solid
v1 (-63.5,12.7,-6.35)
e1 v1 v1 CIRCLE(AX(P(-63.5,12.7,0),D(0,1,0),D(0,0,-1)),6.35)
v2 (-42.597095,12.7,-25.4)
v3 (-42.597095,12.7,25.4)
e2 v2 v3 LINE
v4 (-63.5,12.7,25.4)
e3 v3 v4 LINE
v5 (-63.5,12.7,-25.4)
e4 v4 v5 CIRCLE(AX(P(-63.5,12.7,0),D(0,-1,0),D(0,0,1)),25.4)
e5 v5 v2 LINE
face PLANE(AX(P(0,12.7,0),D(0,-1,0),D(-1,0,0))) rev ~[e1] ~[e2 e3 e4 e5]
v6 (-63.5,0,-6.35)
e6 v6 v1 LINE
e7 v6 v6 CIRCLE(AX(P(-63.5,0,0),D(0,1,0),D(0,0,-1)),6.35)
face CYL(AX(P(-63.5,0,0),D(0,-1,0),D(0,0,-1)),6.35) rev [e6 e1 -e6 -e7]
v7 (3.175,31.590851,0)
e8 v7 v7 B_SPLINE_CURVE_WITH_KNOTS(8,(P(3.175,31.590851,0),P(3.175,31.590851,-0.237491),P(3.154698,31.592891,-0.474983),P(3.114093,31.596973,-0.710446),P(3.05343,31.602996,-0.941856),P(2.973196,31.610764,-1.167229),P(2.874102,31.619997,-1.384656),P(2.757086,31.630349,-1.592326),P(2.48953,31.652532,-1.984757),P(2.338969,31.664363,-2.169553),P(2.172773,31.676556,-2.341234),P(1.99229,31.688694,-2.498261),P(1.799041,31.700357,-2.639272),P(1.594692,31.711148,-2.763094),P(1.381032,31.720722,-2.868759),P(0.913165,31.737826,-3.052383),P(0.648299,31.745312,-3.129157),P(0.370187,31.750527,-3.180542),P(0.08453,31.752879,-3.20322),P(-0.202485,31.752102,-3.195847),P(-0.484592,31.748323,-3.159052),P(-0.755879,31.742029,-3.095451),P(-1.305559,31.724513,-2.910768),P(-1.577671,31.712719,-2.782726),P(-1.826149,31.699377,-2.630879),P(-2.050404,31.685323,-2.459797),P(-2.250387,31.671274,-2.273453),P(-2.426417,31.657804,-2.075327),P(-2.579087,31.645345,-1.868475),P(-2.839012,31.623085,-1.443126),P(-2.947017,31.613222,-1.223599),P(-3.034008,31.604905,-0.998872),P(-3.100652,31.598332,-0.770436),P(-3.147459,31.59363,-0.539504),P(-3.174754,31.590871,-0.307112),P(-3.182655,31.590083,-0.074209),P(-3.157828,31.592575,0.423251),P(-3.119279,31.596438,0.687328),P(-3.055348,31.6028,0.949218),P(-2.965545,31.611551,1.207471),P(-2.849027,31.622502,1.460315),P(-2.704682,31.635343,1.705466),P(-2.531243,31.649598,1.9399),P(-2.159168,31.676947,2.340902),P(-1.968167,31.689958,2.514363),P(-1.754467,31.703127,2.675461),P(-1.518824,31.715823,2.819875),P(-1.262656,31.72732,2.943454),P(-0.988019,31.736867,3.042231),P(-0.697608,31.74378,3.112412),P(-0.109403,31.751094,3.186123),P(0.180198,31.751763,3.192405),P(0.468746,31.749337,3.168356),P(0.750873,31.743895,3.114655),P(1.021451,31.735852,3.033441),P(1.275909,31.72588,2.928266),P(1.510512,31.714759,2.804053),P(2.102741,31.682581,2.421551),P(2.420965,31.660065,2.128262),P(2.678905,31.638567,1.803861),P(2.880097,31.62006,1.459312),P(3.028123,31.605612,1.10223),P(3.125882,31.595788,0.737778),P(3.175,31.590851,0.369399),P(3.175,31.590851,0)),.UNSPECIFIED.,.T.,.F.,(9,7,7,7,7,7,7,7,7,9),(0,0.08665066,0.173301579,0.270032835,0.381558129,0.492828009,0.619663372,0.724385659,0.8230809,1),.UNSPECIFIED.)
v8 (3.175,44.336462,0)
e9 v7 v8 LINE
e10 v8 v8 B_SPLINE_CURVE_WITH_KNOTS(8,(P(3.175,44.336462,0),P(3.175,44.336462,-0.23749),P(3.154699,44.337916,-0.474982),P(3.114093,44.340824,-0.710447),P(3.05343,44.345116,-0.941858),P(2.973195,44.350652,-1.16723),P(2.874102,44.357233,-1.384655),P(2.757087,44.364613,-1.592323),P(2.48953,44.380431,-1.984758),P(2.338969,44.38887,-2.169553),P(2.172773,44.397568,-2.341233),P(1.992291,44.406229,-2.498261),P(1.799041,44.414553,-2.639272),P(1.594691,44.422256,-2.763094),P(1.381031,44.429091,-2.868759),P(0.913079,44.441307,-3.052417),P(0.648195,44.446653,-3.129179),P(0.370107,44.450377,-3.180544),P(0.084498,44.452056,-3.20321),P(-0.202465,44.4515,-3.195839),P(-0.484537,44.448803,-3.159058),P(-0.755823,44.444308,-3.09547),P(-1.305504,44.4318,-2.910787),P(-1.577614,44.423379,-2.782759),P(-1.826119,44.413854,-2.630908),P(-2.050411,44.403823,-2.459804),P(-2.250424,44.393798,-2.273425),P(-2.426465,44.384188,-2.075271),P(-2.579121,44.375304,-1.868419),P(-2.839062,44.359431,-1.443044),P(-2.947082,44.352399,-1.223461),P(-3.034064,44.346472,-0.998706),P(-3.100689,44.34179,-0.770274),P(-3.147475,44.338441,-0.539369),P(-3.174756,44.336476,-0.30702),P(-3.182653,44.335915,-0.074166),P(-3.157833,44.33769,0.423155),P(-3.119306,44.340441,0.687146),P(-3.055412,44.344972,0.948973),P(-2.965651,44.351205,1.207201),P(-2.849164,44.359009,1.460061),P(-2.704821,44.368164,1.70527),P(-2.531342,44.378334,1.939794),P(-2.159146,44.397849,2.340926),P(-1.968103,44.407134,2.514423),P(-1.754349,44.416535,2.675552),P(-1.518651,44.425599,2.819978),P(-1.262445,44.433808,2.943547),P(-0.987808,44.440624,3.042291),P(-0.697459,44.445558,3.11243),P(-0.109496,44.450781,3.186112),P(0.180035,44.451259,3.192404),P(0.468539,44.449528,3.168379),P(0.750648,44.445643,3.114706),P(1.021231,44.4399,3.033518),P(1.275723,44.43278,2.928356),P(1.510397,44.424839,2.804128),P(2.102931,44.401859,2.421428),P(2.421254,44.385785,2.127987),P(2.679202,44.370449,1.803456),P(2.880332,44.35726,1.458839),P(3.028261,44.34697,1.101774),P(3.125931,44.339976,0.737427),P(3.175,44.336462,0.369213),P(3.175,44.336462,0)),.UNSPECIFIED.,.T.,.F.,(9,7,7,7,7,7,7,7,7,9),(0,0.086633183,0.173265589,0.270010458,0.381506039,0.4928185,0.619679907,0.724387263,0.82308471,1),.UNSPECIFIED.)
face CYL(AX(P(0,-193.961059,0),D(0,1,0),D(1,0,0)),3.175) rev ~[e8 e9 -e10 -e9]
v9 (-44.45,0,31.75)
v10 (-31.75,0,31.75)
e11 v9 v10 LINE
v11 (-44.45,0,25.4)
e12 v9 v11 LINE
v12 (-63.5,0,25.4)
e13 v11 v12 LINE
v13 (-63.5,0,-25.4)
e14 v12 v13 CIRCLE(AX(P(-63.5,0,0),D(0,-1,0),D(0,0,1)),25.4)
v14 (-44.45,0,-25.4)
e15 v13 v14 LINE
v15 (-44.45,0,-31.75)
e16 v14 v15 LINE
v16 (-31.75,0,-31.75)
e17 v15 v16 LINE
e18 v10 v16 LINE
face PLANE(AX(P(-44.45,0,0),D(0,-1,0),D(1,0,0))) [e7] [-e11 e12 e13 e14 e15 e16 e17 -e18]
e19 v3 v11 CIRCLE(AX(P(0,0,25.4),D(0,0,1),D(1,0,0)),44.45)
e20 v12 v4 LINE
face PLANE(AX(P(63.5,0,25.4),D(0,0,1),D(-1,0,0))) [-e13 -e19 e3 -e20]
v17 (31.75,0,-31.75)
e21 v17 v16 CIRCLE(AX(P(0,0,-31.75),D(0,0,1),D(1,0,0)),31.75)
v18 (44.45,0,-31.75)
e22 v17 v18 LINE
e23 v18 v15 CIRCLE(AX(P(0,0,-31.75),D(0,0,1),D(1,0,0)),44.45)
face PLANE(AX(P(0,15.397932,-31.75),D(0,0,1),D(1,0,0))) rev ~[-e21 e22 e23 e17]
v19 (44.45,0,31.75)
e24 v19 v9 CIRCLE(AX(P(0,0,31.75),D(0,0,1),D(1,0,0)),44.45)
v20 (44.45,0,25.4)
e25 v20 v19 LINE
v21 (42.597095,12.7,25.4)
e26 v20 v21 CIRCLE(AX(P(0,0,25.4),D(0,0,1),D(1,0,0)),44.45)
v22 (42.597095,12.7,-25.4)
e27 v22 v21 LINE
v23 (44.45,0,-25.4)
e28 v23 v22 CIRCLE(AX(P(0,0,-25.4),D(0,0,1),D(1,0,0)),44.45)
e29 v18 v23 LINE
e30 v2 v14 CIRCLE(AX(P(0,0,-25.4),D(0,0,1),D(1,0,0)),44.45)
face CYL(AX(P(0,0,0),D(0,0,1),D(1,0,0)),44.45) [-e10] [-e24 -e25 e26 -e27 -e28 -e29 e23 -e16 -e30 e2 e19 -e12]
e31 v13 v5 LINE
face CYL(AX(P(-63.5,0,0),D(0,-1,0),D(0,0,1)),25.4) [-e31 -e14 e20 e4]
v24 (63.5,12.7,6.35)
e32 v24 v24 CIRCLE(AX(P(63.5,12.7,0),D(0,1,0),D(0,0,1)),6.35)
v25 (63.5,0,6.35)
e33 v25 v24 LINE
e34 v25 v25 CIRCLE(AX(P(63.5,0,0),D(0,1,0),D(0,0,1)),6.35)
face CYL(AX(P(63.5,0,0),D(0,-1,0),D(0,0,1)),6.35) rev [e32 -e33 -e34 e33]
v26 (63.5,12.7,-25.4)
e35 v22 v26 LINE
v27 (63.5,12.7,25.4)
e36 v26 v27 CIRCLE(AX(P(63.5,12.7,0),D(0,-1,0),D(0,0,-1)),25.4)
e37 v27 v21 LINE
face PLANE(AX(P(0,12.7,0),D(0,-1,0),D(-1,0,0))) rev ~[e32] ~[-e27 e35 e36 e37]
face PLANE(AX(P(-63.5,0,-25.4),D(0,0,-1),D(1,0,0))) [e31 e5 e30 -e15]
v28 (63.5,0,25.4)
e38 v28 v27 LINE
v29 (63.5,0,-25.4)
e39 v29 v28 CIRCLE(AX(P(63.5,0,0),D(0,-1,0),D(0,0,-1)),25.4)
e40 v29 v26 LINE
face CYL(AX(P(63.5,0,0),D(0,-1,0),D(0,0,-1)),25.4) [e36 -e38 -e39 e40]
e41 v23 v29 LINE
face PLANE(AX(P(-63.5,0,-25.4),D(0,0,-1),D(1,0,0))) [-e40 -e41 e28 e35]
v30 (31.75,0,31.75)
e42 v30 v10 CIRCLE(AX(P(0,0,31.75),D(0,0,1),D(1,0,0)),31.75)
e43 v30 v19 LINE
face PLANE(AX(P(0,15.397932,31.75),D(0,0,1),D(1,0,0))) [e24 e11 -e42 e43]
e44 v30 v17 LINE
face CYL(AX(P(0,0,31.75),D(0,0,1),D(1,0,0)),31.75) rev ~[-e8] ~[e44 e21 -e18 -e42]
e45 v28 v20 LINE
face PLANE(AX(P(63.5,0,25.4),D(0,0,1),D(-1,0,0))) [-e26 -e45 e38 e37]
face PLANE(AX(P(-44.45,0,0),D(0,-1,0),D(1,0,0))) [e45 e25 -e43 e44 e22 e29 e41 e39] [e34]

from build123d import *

# Parameters (mm, degrees)
SLOTSKETCH_R      = 6.35
SLOTEXTRUDE_DEPTH = 12.7
ARCEXTRUDE_DEPTH  = 31.75
CENTERDRILL_D     = 6.35
ARCPROFILE_DEPTH  = 64.5000001


with BuildPart() as part:
    # slotSketch → slotExtrude (new body)
    with BuildSketch(Plane(origin=(0, 0, 0), x_dir=(1, 0, 0), z_dir=(0, 1, 0))):
        with BuildLine():
            Line((-63.5, 25.4), (63.5, 25.4))
            ThreePointArc((63.5, 25.4), (88.9, 0), (63.5, -25.4))
            Line((63.5, -25.4), (-63.5, -25.4))
            ThreePointArc((-63.5, -25.4), (-88.9, 0), (-63.5, 25.4))
        make_face()
        with Locations(Location((63.5, 0, 0), (0, 0, 270))):  # turned: the seam where the file's is
            Circle(SLOTSKETCH_R, mode=Mode.SUBTRACT)
        with Locations(Location((-63.5, 0, 0), (0, 0, 90))):  # turned: the seam where the file's is
            Circle(SLOTSKETCH_R, mode=Mode.SUBTRACT)
    extrude(amount=SLOTEXTRUDE_DEPTH)

    # Sketch3 → arcExtrude (add, symmetric)
    with BuildSketch(Plane.XY):
        with BuildLine():
            Line((-44.45, 0), (44.45, 0))
            ThreePointArc((44.45, 0), (0, 44.45), (-44.45, 0))
        make_face()
    extrude(amount=ARCEXTRUDE_DEPTH, both=True)

    # centerDrill (through all)
    with Locations(Plane(origin=(0, 0, 0), x_dir=(-1, 0, 0), z_dir=(0, -1, 0))):
        with Locations((0, 0)):
            Hole(CENTERDRILL_D / 2)

    # Sketch7 → arcProfile (cut, through all)
    with BuildSketch(Plane.XY.offset(31.75)):
        with BuildLine():
            Line((-31.75, 0), (31.75, 0))
            ThreePointArc((31.75, 0), (0, 31.75), (-31.75, 0))
        make_face()
    extrude(amount=-ARCPROFILE_DEPTH, mode=Mode.SUBTRACT)


solid = part.part
